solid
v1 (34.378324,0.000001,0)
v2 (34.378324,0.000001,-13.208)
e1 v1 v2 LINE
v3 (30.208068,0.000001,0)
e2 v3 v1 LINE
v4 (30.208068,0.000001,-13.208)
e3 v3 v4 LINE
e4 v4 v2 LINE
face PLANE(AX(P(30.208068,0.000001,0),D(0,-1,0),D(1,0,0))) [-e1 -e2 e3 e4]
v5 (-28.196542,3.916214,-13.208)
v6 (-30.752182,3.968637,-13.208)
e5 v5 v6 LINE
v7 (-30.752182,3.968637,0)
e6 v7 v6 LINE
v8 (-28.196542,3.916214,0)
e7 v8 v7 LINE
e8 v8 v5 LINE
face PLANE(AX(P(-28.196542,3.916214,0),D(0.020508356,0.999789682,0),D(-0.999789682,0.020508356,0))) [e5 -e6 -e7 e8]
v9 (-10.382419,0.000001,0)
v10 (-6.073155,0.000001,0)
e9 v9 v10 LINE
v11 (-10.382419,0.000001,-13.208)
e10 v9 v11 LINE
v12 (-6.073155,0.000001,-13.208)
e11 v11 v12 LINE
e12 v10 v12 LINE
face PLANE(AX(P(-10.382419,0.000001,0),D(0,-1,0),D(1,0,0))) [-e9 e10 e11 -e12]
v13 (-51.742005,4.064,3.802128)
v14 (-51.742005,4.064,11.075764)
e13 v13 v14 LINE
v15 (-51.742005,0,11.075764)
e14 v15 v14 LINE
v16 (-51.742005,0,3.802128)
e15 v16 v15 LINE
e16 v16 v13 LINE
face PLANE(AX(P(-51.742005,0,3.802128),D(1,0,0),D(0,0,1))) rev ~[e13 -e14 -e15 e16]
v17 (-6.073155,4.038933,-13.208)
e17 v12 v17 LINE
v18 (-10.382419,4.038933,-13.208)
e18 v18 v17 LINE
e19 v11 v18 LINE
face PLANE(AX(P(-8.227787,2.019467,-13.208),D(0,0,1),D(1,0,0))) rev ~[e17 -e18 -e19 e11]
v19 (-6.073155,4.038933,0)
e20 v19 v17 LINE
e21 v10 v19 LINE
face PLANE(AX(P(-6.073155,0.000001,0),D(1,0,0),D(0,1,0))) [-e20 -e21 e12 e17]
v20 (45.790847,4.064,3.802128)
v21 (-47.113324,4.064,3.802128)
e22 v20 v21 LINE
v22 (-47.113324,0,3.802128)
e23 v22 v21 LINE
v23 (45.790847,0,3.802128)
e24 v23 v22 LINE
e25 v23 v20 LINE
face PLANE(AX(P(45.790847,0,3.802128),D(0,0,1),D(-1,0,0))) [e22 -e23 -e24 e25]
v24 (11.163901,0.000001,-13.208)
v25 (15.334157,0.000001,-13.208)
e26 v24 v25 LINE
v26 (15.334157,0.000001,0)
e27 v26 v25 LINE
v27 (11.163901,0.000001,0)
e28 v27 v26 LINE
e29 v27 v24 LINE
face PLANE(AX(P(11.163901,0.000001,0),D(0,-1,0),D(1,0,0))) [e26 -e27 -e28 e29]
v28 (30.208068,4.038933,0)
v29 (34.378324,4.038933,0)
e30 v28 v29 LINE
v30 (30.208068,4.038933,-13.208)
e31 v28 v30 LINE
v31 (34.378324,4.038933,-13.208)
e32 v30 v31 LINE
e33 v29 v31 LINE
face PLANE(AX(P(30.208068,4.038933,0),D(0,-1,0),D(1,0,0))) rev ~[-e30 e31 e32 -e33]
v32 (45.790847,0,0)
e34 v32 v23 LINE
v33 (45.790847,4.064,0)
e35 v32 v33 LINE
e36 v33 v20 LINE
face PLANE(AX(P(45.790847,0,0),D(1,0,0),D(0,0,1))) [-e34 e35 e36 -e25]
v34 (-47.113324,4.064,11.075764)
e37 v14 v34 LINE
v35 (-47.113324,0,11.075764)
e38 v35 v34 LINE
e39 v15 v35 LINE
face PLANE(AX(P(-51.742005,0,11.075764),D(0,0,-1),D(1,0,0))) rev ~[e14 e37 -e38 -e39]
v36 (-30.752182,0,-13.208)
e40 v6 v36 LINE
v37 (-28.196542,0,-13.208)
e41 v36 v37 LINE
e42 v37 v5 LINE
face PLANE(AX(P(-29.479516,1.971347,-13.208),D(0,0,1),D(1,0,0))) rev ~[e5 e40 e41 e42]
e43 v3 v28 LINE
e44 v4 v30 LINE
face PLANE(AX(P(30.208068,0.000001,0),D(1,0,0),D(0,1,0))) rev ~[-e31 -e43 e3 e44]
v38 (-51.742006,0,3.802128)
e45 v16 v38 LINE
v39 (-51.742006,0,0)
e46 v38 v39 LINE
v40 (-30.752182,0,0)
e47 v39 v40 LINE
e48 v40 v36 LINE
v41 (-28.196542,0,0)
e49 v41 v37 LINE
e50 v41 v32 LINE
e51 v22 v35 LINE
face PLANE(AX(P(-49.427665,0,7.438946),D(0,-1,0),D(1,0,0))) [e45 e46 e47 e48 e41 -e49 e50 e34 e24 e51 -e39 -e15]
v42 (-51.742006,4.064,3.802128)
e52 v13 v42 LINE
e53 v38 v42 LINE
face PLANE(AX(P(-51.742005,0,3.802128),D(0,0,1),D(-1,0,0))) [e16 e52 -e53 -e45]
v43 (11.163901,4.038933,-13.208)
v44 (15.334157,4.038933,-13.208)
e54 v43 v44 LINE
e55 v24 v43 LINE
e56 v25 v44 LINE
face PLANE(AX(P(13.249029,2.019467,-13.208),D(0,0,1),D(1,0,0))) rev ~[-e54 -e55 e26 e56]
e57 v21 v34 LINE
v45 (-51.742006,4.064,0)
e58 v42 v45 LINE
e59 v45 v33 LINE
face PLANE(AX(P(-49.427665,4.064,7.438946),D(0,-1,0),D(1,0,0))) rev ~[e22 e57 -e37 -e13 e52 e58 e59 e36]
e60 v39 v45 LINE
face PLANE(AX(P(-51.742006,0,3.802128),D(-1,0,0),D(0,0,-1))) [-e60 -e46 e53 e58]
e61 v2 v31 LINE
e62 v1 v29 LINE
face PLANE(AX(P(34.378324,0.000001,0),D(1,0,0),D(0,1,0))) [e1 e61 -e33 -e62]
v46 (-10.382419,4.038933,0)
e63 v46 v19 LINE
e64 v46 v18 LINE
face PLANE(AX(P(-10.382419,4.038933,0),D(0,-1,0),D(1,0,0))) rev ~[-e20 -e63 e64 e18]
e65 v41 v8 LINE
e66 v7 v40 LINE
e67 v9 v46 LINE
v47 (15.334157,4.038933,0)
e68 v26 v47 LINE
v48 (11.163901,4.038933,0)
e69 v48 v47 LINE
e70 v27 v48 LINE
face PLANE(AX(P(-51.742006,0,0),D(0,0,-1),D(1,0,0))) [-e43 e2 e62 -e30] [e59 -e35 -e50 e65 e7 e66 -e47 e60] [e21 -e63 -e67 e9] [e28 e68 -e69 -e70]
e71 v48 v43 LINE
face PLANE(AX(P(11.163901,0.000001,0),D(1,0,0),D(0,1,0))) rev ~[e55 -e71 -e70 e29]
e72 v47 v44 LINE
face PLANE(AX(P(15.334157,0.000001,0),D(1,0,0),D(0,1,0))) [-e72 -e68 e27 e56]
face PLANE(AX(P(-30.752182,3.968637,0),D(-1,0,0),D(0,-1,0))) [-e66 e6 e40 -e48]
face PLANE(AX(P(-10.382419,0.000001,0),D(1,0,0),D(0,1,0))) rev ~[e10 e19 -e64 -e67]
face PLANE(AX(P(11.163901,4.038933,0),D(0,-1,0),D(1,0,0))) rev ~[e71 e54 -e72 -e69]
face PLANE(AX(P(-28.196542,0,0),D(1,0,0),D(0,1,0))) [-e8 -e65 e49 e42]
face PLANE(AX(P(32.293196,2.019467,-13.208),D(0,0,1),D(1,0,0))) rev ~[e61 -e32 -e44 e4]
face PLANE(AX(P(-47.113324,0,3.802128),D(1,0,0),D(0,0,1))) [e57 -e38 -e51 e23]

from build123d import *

# Parameters (mm, degrees)
F0_W     = 4.628681
F0_H     = 7.273636
F0_W_2   = 45.790847
F0_H_2   = 3.802128
F1_DEPTH = 4.064
F2_W     = 4.309264
F2_H     = 4.038933
F2_W_2   = 4.170255
F2_W_3   = 4.170256
F3_DEPTH = 13.208


with BuildPart() as f1:
    # F0 (on Front) → F1 (new body)
    with BuildSketch(Plane.XZ):
        with Locations((-49.427665, 7.438946)):
            Rectangle(F0_W, F0_H)
        Polygon((-51.742006, 0), (0, 0), (0, 3.802128), (-47.113325, 3.802128), (-51.742006, 3.802128), align=None)
        with Locations((22.895423, 1.901064)):
            Rectangle(F0_W_2, F0_H_2)
    extrude(amount=-F1_DEPTH)

    # F2 (on Top) → F3 (join)
    with BuildSketch(Plane.XY):
        Polygon((-28.196542, 3.916214), (-30.752182, 3.968637), (-30.752182, 0), (-28.196542, 0), align=None)
        with Locations((-8.227787, 2.019467)):
            Rectangle(F2_W, F2_H)
        with Locations((13.249029, 2.019467)):
            Rectangle(F2_W_2, F2_H)
        with Locations((32.293196, 2.019467)):
            Rectangle(F2_W_3, F2_H)
    extrude(amount=-F3_DEPTH)


solid = f1.part
